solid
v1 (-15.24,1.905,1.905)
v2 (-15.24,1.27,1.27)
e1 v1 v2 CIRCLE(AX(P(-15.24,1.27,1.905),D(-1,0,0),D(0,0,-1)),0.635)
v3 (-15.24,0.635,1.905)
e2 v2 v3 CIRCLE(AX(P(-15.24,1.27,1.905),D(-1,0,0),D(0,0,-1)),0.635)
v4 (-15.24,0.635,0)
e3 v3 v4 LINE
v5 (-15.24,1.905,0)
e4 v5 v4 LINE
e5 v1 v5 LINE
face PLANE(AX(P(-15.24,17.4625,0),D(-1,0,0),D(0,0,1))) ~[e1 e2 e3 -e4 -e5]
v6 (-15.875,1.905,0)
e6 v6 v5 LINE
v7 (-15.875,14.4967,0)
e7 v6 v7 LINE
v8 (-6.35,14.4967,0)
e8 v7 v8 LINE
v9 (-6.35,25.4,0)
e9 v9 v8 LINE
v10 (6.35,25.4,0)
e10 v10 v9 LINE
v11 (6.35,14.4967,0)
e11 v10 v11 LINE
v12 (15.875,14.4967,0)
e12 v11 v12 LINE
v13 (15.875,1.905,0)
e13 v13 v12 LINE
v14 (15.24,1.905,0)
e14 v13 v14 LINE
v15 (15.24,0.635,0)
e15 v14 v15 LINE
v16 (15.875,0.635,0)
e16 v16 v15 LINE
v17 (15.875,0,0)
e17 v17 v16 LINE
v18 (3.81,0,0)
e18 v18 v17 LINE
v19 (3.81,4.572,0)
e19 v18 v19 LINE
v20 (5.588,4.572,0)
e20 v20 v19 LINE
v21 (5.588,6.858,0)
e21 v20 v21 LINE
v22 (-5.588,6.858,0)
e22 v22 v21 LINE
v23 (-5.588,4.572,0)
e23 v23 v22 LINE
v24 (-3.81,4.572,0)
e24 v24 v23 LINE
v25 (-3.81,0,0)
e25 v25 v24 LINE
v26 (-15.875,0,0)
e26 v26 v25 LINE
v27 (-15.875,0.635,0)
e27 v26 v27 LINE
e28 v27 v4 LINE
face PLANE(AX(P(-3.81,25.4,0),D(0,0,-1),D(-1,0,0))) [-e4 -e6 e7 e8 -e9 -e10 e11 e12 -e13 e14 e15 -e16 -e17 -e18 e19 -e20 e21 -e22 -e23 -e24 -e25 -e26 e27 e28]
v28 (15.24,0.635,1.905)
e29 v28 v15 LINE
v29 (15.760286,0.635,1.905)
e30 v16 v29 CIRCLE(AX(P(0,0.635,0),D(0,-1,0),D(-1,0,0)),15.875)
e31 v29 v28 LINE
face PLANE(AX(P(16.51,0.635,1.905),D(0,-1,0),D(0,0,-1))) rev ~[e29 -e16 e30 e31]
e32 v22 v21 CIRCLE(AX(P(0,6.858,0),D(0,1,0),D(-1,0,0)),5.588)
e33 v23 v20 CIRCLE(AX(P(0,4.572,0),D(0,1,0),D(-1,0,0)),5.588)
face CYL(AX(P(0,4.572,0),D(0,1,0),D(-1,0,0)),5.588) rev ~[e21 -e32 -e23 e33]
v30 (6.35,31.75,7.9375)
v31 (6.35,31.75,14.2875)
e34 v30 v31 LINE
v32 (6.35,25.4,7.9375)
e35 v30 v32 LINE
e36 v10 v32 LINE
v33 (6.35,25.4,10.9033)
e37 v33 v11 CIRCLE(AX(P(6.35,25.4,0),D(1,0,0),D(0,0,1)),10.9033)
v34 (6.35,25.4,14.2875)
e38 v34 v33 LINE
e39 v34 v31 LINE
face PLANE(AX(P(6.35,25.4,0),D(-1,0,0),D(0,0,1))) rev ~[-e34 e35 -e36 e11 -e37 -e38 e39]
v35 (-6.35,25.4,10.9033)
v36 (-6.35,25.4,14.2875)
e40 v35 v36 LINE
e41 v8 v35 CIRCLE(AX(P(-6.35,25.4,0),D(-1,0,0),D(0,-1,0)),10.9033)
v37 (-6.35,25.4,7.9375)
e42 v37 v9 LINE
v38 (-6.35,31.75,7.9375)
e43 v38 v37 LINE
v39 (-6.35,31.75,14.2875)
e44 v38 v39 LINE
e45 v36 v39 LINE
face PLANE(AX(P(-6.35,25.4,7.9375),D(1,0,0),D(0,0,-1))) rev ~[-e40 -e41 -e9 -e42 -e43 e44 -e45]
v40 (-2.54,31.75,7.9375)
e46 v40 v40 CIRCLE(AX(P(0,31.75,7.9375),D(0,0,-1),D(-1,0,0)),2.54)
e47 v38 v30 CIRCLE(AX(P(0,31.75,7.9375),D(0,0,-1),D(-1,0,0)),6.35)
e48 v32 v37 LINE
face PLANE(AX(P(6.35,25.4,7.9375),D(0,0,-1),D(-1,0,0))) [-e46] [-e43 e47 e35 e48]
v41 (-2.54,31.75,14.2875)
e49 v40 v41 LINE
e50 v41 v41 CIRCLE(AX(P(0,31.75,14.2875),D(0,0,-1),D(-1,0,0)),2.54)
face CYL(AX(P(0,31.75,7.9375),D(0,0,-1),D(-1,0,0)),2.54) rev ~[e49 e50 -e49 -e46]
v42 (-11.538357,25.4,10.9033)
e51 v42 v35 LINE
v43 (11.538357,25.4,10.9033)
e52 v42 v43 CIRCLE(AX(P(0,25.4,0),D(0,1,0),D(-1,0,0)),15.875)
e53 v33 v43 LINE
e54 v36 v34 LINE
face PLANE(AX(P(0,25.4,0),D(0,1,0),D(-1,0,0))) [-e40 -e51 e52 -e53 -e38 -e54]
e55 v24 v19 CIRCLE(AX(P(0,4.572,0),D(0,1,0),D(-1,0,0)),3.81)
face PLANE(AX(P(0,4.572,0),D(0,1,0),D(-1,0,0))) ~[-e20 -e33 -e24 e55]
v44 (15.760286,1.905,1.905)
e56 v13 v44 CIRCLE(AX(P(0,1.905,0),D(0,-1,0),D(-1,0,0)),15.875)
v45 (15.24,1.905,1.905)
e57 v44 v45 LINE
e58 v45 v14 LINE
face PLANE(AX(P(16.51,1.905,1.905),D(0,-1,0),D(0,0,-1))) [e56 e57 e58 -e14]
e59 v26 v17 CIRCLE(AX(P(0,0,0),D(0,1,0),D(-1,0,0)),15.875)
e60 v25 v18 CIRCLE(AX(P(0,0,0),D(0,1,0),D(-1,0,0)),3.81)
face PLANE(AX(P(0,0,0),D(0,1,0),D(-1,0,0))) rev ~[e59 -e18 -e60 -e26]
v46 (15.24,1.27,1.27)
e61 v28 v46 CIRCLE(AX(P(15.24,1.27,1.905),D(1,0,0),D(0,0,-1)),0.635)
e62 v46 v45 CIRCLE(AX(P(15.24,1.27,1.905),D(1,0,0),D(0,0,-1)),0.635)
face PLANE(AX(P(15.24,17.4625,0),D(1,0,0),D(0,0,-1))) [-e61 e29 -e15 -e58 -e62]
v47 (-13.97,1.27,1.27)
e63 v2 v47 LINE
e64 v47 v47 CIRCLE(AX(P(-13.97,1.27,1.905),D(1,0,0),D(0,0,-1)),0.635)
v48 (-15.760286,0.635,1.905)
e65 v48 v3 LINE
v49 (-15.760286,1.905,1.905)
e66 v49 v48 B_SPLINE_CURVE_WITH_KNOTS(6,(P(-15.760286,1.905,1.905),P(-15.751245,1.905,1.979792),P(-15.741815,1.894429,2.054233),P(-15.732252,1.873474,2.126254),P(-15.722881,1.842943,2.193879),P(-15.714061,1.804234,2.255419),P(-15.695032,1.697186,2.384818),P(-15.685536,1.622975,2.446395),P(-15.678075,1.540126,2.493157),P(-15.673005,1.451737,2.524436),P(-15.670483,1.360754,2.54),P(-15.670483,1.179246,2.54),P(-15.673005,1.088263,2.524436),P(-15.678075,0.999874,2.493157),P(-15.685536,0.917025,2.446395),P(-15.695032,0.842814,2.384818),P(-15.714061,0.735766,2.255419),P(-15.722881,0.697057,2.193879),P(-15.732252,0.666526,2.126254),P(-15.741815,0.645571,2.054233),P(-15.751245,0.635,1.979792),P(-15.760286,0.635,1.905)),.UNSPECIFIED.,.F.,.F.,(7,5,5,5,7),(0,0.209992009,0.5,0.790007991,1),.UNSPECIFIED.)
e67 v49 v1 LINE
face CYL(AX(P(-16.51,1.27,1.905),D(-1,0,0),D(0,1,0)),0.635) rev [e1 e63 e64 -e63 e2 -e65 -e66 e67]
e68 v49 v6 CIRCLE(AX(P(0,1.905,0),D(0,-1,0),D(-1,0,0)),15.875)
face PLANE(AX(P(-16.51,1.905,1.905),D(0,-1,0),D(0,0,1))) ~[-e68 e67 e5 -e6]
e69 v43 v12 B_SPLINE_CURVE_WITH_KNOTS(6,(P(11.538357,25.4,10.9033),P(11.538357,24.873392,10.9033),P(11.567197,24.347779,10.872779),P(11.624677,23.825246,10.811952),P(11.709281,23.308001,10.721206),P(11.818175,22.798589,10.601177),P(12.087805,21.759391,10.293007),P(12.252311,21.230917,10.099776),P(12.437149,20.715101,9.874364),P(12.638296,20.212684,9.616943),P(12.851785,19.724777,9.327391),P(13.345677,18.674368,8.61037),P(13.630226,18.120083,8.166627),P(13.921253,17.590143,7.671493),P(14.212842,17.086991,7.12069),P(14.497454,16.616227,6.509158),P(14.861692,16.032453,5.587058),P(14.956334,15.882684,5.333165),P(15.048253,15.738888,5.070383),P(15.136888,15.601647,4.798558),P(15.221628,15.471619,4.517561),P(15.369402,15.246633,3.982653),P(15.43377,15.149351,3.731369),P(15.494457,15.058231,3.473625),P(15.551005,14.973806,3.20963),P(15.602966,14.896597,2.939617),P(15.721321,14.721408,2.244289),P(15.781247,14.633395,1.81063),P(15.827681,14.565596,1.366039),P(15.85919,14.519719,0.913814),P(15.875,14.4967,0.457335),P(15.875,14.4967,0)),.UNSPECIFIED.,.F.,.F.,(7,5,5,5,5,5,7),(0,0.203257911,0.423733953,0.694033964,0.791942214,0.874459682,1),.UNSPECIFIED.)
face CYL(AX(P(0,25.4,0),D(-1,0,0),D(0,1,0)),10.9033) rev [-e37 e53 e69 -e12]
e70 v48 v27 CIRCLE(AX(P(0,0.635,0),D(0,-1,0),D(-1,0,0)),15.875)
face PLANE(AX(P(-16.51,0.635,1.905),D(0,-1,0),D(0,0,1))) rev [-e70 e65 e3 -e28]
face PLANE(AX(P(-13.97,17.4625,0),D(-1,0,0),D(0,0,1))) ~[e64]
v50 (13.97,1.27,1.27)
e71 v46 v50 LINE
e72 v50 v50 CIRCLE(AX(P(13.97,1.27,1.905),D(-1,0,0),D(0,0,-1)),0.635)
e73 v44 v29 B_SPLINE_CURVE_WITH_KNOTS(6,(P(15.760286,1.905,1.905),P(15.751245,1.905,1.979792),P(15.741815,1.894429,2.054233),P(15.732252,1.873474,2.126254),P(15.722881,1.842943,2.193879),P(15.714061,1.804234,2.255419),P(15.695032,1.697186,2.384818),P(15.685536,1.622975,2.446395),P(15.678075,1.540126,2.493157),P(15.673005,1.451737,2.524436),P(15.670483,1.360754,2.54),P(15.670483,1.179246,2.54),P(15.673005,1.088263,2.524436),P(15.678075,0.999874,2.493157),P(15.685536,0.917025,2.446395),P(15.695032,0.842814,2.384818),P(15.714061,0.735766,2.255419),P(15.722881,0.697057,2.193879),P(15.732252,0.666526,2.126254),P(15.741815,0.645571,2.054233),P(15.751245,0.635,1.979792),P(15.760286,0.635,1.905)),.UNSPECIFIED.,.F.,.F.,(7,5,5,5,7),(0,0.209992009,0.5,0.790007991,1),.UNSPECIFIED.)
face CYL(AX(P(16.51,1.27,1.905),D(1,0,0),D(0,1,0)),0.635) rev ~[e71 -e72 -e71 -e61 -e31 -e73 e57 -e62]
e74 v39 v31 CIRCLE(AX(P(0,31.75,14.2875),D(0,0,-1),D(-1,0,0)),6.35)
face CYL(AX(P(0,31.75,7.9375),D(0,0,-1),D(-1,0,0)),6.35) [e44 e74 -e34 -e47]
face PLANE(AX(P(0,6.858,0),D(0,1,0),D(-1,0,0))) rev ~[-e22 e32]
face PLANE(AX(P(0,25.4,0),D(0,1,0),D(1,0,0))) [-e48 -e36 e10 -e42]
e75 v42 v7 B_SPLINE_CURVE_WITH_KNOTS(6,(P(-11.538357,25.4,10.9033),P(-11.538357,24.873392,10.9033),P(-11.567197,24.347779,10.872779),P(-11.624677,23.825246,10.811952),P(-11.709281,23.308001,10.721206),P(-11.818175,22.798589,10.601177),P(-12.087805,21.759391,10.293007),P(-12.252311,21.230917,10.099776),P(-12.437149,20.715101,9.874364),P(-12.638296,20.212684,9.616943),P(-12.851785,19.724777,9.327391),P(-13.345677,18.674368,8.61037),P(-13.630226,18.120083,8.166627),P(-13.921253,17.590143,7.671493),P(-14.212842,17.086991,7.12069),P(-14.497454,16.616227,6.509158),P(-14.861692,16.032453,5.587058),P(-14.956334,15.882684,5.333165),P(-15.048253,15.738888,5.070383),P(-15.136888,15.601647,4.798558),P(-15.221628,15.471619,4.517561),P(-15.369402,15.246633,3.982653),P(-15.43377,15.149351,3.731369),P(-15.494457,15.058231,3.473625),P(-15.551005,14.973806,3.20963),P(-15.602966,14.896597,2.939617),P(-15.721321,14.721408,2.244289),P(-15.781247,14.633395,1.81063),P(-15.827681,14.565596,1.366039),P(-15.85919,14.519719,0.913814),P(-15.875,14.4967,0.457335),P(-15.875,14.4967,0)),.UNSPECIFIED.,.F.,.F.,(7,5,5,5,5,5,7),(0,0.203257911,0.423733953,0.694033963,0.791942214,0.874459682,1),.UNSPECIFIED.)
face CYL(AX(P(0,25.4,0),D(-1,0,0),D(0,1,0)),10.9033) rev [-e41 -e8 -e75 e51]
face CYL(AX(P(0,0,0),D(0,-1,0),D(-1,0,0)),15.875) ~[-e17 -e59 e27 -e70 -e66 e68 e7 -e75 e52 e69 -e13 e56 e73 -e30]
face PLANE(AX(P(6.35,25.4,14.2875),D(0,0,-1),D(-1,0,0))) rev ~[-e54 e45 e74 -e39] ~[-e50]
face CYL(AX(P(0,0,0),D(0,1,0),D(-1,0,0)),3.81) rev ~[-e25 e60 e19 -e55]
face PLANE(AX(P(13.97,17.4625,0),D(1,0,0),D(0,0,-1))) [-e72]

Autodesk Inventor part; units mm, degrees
ref_plane "YZ Plane" through (0, 0, 0) normal (1, 0, 0) x (0, 1, 0)
ref_plane "XZ Plane" through (0, 0, 0) normal (0, 1, 0) x (-1, 0, 0)
ref_plane "XY Plane" through (0, 0, 0) normal (0, 0, 1) x (1, 0, 0)
sketch "Sketch1" plane through (0, 0, 0) normal (0, 1, 0) x (-1, 0, 0)
  arc A0 (15.875, 0) -> (-15.875, 0) centre (0, 0) ccw
  line L0 (15.875, 0) -> (-15.875, 0)
  dimension "d3" = 31.75
extrude "Extrusion1" add sketch "Sketch1" along normal blind 25.4
sketch "Sketch2" plane through (15.875, 0, 0) normal (0, 0, -1) x (-1, 0, 0)
  line L0 (19.685, 0) -> (19.685, 4.572)
  line L1 (19.685, 4.572) -> (21.463, 4.572)
  line L2 (21.463, 4.572) -> (21.463, 6.858)
  line L3 (15.875, 0) -> (15.875, 6.858)
  line L4 (21.463, 6.858) -> (15.875, 6.858)
  line L5 (19.685, 0) -> (15.875, 0)
  line L6 (31.75, 0) -> (0, 0) projected
  dimension "d12" = 1.778
revolve "Revolution1" cut sketch "Sketch2" angle 360 about axis through (0, 0, 0) along (0, 1, 0)
sketch "Sketch3" plane through (0, 0, 0) normal (1, 0, 0) x (0, 1, 0)
  line L0 (25.4, 0) -> (25.4, 15.875) projected
  circle A0 centre (25.4, 0) radius 10.9033
  point P0 (0, 0)
extrude "Extrusion2" cut sketch "Sketch3" along normal mid plane 2540
sketch "Sketch4" plane through (0, 25.4, 0) normal (0, 1, 0) x (1, 0, 0)
  line L0 (13.7482, -7.9375) -> (-13.7482, -7.9375) projected
  line L1 (0, -7.9375) -> (-6.35, -7.9375)
  line L2 (-6.35, -7.9375) -> (-6.35, -14.2875)
  line L3 (-6.35, -14.2875) -> (6.35, -14.2875)
  line L4 (6.35, -14.2875) -> (6.35, -7.9375)
  line L5 (0, -7.9375) -> (6.35, -7.9375)
  line L6 (-6.35, -7.9375) -> (-6.35, 0)
  line L7 (-3.81, 0) -> (-15.875, 0) projected
  line L8 (-6.35, 0) -> (6.35, 0)
  line L9 (6.35, 0) -> (6.35, -7.9375)
  point P0 (0, 0)
  dimension "d17" = 6.35
  dimension "d18" = 6.35
  dimension "d19" = 12.7
extrude "Extrusion3" add sketch "Sketch4" against normal blind 12.7 contours L0 L6 L7 L8 L9
extrude "Extrusion4" add sketch "Sketch4" along normal blind 2.54 contours L4 L3 L2 L0
sketch "Sketch7" plane through (6.35, 25.4, 7.9375) normal (0, 0, -1) x (-1, 0, 0)
  line L0 (12.7, 0) -> (12.7, 2.54) projected
  line L1 (0, 0) -> (12.7, 0) projected
  arc A0 (12.7, 6.35) -> (0, 6.35) centre (6.35, 6.35) ccw
  circle A1 centre (6.35, 6.35) radius 2.54
  line L2 (12.7, 6.35) -> (12.7, 2.54)
  line L3 (12.7, 2.54) -> (0, 2.54)
  line L4 (0, 2.54) -> (0, 6.35)
  point P0 (6.35, -25.4)
  dimension "d31" = 5.08
extrude "Extrusion6" add sketch "Sketch7" against normal blind 6.35
ref_plane "Work Plane1" through (16.51, 17.4625, 0) normal (1, 0, 0) x (0, 0, -1)
sketch "Sketch10" plane through (16.51, 17.4625, 0) normal (1, 0, 0) x (0, 0, -1)
  arc A0 (-1.905, -15.5575) -> (-1.905, -16.8275) centre (-1.905, -16.1925) ccw
  line L0 (-1.905, -15.5575) -> (0, -15.5575)
  line L1 (0, -15.5575) -> (0, -16.8275)
  line L2 (-1.905, -16.8275) -> (0, -16.8275)
  circle A1 centre (-1.905, -16.1925) radius 0.635
extrude "Extrusion7" cut sketch "Sketch10" against normal blind 1.27
extrude "Extrusion8" cut sketch "Sketch10" against normal blind 2.54 contours A1 A0
mirror "Mirror1" about plane through (0, 0, 0) normal (1, 0, 0) of "Extrusion7", "Extrusion8"
sketch "Sketch14" plane through (15.875, 0, 0) normal (0, 0, -1) x (-1, 0, 0)
  line L0 (9.525, 14.4967) -> (9.525, 17.9248) projected
  line L1 (31.75, 14.4967) -> (22.225, 14.4967) projected
  line L2 (9.525, 14.4967) -> (22.225, 14.4967)
  line L3 (22.225, 25.4) -> (22.225, 17.9248) projected
  line L4 (22.225, 14.4967) -> (22.225, 25.4)
  line L5 (9.525, 25.4) -> (22.225, 25.4) projected
  line L6 (22.225, 25.4) -> (9.525, 25.4)
  line L7 (9.525, 25.4) -> (9.525, 14.4967)
  point P0 (15.875, 0)
extrude "Extrusion9" add sketch "Sketch14" against normal blind 12.7
properties part number "GERMI01-04-01"
